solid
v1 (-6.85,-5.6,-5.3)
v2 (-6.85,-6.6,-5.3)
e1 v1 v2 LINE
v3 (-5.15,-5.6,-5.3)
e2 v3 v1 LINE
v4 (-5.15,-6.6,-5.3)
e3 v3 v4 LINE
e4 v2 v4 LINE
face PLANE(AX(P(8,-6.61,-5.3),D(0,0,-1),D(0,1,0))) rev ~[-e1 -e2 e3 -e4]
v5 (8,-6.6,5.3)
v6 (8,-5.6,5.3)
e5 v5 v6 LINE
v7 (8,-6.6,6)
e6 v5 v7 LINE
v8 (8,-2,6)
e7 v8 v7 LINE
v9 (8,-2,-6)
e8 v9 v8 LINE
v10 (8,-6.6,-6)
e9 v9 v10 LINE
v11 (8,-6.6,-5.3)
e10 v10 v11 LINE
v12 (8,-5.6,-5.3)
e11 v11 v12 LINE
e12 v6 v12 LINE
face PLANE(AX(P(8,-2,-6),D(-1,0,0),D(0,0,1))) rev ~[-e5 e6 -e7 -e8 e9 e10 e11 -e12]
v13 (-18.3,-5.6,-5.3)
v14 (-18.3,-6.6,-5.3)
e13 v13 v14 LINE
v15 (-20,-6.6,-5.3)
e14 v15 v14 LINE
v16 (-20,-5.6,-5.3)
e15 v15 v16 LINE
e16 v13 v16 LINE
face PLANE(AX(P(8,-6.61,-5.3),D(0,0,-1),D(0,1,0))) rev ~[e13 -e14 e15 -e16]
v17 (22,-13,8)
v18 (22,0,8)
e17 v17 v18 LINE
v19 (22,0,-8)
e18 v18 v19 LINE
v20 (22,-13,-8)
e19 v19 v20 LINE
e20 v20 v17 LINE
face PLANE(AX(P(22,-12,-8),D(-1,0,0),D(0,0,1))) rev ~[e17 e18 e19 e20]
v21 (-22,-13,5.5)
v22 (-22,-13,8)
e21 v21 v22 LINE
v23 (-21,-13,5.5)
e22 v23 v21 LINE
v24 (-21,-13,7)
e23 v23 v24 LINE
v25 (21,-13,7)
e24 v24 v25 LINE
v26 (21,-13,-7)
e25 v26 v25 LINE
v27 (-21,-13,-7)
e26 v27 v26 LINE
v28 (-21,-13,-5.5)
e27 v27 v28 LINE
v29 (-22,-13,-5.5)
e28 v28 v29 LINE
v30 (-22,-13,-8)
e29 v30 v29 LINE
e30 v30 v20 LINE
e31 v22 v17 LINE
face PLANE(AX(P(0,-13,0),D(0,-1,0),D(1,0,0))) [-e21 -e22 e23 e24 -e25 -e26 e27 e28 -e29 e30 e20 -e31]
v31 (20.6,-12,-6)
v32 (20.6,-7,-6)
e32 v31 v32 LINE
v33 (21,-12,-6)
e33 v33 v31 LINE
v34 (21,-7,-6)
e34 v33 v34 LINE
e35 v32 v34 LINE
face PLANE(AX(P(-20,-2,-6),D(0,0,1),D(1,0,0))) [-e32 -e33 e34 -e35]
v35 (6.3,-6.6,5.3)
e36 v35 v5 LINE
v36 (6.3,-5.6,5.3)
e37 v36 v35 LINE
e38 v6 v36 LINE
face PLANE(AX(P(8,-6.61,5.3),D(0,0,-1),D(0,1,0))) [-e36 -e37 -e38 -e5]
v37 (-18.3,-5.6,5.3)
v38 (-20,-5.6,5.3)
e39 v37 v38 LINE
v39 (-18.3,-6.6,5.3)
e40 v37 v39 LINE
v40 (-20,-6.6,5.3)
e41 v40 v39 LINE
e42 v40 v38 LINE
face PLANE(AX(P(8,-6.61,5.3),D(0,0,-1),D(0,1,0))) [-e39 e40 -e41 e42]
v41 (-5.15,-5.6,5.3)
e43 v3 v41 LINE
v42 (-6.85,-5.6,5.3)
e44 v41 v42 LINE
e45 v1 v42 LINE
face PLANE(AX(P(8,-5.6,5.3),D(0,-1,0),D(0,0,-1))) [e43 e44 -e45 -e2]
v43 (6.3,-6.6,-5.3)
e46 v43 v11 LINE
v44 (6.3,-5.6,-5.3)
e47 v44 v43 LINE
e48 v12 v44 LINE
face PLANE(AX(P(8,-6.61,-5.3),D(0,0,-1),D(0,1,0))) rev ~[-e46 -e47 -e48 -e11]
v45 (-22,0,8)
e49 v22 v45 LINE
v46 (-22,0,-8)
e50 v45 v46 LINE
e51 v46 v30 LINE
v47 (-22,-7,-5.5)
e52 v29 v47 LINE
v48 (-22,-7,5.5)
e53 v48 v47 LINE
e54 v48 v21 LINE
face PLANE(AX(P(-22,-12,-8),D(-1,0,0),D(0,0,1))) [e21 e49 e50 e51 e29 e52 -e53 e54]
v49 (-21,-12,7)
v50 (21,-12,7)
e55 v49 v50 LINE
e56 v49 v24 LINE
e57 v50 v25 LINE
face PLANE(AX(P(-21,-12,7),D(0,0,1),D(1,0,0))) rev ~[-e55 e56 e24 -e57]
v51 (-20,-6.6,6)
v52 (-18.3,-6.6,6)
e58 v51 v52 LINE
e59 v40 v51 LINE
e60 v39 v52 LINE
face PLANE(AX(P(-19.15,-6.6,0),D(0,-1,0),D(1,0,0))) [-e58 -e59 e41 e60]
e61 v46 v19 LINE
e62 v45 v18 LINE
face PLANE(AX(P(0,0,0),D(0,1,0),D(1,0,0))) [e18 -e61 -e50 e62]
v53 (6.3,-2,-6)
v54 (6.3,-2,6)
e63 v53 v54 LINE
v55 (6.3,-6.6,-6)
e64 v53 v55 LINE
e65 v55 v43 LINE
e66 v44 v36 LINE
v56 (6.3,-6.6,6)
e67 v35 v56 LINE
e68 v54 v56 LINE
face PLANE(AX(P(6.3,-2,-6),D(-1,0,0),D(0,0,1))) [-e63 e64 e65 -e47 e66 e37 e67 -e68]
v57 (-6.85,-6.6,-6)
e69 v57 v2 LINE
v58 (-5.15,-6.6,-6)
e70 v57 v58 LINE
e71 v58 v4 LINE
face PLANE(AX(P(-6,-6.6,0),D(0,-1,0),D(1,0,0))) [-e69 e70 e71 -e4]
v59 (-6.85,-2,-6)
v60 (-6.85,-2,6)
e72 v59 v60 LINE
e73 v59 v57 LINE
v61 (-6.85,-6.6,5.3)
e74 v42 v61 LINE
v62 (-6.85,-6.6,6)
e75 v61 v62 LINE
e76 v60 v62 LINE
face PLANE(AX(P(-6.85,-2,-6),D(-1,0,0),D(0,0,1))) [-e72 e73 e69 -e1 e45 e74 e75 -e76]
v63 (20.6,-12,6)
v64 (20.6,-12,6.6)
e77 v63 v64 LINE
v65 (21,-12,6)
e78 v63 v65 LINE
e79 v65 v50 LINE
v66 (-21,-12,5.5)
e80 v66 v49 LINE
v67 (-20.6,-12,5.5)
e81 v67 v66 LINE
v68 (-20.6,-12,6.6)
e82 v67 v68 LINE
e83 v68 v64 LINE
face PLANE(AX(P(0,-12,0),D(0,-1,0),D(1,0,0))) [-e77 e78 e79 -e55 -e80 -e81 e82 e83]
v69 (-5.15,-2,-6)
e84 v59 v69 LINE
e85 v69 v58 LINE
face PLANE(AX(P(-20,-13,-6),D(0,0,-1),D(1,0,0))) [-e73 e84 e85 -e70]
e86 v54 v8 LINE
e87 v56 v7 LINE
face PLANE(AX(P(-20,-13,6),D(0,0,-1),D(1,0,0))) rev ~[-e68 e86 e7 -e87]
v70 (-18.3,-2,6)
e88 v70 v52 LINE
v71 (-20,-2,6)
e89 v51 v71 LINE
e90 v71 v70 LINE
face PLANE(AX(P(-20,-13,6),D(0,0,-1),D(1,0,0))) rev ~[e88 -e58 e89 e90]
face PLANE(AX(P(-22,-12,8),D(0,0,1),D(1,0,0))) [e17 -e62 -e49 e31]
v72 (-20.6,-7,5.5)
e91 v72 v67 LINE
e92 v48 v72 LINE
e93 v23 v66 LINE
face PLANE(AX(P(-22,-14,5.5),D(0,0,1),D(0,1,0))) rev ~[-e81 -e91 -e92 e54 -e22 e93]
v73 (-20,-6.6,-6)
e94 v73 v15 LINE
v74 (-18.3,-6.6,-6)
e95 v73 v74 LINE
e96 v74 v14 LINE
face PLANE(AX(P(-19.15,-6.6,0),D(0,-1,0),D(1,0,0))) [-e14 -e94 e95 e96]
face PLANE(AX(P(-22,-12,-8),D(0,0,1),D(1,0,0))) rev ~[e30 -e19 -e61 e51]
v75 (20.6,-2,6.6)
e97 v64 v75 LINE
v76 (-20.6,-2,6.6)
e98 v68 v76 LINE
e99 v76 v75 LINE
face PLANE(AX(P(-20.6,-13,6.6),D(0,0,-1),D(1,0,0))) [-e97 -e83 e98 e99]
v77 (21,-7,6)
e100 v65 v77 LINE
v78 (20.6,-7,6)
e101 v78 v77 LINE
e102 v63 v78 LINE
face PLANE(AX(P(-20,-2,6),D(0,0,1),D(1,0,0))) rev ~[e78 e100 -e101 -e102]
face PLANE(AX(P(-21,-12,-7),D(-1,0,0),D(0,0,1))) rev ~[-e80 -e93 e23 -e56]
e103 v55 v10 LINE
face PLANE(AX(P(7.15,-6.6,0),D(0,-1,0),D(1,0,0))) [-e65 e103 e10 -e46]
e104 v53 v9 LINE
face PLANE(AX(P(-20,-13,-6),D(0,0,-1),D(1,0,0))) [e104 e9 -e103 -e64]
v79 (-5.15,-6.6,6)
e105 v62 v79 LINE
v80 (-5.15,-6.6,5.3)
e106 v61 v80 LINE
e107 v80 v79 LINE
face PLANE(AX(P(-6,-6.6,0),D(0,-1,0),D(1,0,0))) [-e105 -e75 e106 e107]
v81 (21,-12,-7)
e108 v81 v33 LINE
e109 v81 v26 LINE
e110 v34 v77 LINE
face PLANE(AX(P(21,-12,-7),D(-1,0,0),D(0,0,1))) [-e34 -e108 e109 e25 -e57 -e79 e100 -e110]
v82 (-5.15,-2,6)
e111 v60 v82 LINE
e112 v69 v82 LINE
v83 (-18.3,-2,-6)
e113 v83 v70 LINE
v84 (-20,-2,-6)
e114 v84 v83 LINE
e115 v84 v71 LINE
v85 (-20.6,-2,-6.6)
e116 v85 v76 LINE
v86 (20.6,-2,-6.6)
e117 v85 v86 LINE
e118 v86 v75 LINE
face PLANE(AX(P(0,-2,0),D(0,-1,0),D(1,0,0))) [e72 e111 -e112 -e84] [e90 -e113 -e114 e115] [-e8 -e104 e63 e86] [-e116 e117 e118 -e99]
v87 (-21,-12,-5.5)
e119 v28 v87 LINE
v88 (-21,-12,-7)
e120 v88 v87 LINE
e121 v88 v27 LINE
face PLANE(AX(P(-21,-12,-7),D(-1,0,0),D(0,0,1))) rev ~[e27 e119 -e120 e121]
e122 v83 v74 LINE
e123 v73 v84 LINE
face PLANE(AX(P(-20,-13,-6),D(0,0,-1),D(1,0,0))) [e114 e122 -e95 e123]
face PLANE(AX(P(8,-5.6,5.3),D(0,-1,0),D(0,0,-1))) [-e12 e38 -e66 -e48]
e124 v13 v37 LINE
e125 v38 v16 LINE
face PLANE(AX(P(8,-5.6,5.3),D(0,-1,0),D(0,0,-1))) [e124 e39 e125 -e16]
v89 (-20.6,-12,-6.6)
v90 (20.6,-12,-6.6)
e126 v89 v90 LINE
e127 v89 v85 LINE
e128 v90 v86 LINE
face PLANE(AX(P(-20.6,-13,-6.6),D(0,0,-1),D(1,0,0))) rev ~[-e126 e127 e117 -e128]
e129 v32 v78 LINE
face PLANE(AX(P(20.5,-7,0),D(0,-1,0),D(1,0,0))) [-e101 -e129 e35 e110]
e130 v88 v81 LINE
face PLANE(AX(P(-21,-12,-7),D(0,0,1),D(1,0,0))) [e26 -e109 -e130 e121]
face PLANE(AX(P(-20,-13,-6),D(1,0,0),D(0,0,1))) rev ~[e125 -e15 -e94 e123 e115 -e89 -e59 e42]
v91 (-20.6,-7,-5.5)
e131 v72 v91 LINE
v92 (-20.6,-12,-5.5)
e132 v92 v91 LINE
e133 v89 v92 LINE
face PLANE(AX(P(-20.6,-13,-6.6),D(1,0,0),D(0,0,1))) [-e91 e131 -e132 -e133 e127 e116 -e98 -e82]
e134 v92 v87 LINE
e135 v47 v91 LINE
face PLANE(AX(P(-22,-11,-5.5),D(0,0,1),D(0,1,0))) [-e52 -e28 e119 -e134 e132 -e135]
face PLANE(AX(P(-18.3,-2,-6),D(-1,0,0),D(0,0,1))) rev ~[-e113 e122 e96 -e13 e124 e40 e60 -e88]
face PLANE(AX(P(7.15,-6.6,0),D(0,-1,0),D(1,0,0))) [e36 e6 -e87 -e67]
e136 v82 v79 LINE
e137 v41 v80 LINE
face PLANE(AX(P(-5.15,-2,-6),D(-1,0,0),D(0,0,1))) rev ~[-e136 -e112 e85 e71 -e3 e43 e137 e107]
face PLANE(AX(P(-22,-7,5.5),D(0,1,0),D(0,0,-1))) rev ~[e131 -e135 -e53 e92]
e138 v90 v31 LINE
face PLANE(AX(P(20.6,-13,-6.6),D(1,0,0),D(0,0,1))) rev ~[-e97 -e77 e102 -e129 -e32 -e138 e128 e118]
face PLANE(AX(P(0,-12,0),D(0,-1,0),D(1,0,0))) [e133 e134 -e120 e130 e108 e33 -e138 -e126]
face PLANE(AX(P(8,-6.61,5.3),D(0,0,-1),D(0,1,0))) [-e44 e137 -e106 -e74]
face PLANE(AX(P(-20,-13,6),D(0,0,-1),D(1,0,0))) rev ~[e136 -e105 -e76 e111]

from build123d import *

# Parameters (mm, degrees)
SKETCH_1_W                             = 44
SKETCH_1_H                             = 16
EXTRUDE_1_DEPTH                        = 2
SKETCH_2_W                             = 44
SKETCH_2_H                             = 16
SKETCH_2_W_2                           = 40
SKETCH_2_H_2                           = 12
EXTRUDE_2_DEPTH                        = 10
SKETCH_3_W                             = 5.5
SKETCH_3_H                             = 4
CUT_EXTRUDE_1_DEPTH                    = 2
SKETCH_4_W                             = 1.7
SKETCH_4_H                             = 12
EXTRUDE_4_DEPTH                        = 4.6
SKETCH_9_W                             = 44
SKETCH_9_H                             = 16
SKETCH_9_W_2                           = 42
SKETCH_9_H_2                           = 14
EXTRUDE_5_DEPTH                        = 1
SKETCH_12_W                            = 1
SKETCH_12_H                            = 12
CUT_EXTRUDE_3_DEPTH                    = 5
SKETCH_13_W                            = 41.2
SKETCH_13_H                            = 13.2
SKETCH_13_W_2                          = 40
SKETCH_13_H_2                          = 12
REVB_ASSEMBLYCLEARANCE_41P2X13P2_DEPTH = 11
SKETCH_14_W                            = 11
SKETCH_14_H                            = 7
REVB_USB_TOPLOADING_USLOT_DEPTH        = 2.1
SKETCH_17_W                            = 10.6
SKETCH_17_H                            = 1.01
REVB_UNDERSIDESOLDERRELIEF_1MM_DEPTH   = 28


with BuildPart() as part:
    # 草图1 → 凸台-拉伸1 (new body)
    with BuildSketch(Plane(origin=(0, 0, 0), x_dir=(1, 0, 0), z_dir=(0, 1, 0))):
        Rectangle(SKETCH_1_W, SKETCH_1_H)
    extrude(amount=-EXTRUDE_1_DEPTH)

    # 草图2 → 凸台-拉伸2 (add)
    with BuildSketch(Plane.XZ.offset(2)):
        Rectangle(SKETCH_2_W, SKETCH_2_H)
        Rectangle(SKETCH_2_W_2, SKETCH_2_H_2, mode=Mode.SUBTRACT)
    extrude(amount=EXTRUDE_2_DEPTH)

    # 草图3 → 切除-拉伸1 (cut)
    with BuildSketch(Plane.ZY.offset(22)):
        with Locations((2.75, -9)):
            Rectangle(SKETCH_3_W, SKETCH_3_H)
        with Locations((-2.75, -9)):
            Rectangle(SKETCH_3_W, SKETCH_3_H)
    extrude(amount=-CUT_EXTRUDE_1_DEPTH, mode=Mode.SUBTRACT)

    # 草图4 → 凸台-拉伸4 (add)
    with BuildSketch(Plane.XZ.offset(2)):
        with Locations((7.15, 0)):
            Rectangle(SKETCH_4_W, SKETCH_4_H)
        with Locations((-19.15, 0)):
            Rectangle(SKETCH_4_W, SKETCH_4_H)
        with Locations((-6, 0)):
            Rectangle(SKETCH_4_W, SKETCH_4_H)
    extrude(amount=EXTRUDE_4_DEPTH)

    # 草图9 → 凸台-拉伸5 (add)
    with BuildSketch(Plane.XZ.offset(12)):
        Rectangle(SKETCH_9_W, SKETCH_9_H)
        Rectangle(SKETCH_9_W_2, SKETCH_9_H_2, mode=Mode.SUBTRACT)
    extrude(amount=EXTRUDE_5_DEPTH)

    # 草图12 → 切除-拉伸3 (cut)
    with BuildSketch(Plane.XZ.offset(12)):
        with Locations((20.5, 0)):
            Rectangle(SKETCH_12_W, SKETCH_12_H)
    extrude(amount=-CUT_EXTRUDE_3_DEPTH, mode=Mode.SUBTRACT)

    # 草图13 → RevB_AssemblyClearance_41p2x13p2 (cut)
    with BuildSketch(Plane.XZ.offset(13)):
        Rectangle(SKETCH_13_W, SKETCH_13_H)
        Rectangle(SKETCH_13_W_2, SKETCH_13_H_2, mode=Mode.SUBTRACT)
    extrude(amount=-REVB_ASSEMBLYCLEARANCE_41P2X13P2_DEPTH, mode=Mode.SUBTRACT)

    # 草图14 → RevB_USB_TopLoading_Uslot (cut)
    with BuildSketch(Plane.ZY.offset(22)):
        with Locations((0, -10.5)):
            Rectangle(SKETCH_14_W, SKETCH_14_H)
    extrude(amount=-REVB_USB_TOPLOADING_USLOT_DEPTH, mode=Mode.SUBTRACT)

    # 草图17 → RevB_UndersideSolderRelief_1mm (cut)
    with BuildSketch(Plane(origin=(8, 0, 0), x_dir=(0, 0, -1), z_dir=(1, 0, 0))):
        with Locations((0, -6.105)):
            Rectangle(SKETCH_17_W, SKETCH_17_H)
    extrude(amount=-REVB_UNDERSIDESOLDERRELIEF_1MM_DEPTH, mode=Mode.SUBTRACT)


solid = part.part
